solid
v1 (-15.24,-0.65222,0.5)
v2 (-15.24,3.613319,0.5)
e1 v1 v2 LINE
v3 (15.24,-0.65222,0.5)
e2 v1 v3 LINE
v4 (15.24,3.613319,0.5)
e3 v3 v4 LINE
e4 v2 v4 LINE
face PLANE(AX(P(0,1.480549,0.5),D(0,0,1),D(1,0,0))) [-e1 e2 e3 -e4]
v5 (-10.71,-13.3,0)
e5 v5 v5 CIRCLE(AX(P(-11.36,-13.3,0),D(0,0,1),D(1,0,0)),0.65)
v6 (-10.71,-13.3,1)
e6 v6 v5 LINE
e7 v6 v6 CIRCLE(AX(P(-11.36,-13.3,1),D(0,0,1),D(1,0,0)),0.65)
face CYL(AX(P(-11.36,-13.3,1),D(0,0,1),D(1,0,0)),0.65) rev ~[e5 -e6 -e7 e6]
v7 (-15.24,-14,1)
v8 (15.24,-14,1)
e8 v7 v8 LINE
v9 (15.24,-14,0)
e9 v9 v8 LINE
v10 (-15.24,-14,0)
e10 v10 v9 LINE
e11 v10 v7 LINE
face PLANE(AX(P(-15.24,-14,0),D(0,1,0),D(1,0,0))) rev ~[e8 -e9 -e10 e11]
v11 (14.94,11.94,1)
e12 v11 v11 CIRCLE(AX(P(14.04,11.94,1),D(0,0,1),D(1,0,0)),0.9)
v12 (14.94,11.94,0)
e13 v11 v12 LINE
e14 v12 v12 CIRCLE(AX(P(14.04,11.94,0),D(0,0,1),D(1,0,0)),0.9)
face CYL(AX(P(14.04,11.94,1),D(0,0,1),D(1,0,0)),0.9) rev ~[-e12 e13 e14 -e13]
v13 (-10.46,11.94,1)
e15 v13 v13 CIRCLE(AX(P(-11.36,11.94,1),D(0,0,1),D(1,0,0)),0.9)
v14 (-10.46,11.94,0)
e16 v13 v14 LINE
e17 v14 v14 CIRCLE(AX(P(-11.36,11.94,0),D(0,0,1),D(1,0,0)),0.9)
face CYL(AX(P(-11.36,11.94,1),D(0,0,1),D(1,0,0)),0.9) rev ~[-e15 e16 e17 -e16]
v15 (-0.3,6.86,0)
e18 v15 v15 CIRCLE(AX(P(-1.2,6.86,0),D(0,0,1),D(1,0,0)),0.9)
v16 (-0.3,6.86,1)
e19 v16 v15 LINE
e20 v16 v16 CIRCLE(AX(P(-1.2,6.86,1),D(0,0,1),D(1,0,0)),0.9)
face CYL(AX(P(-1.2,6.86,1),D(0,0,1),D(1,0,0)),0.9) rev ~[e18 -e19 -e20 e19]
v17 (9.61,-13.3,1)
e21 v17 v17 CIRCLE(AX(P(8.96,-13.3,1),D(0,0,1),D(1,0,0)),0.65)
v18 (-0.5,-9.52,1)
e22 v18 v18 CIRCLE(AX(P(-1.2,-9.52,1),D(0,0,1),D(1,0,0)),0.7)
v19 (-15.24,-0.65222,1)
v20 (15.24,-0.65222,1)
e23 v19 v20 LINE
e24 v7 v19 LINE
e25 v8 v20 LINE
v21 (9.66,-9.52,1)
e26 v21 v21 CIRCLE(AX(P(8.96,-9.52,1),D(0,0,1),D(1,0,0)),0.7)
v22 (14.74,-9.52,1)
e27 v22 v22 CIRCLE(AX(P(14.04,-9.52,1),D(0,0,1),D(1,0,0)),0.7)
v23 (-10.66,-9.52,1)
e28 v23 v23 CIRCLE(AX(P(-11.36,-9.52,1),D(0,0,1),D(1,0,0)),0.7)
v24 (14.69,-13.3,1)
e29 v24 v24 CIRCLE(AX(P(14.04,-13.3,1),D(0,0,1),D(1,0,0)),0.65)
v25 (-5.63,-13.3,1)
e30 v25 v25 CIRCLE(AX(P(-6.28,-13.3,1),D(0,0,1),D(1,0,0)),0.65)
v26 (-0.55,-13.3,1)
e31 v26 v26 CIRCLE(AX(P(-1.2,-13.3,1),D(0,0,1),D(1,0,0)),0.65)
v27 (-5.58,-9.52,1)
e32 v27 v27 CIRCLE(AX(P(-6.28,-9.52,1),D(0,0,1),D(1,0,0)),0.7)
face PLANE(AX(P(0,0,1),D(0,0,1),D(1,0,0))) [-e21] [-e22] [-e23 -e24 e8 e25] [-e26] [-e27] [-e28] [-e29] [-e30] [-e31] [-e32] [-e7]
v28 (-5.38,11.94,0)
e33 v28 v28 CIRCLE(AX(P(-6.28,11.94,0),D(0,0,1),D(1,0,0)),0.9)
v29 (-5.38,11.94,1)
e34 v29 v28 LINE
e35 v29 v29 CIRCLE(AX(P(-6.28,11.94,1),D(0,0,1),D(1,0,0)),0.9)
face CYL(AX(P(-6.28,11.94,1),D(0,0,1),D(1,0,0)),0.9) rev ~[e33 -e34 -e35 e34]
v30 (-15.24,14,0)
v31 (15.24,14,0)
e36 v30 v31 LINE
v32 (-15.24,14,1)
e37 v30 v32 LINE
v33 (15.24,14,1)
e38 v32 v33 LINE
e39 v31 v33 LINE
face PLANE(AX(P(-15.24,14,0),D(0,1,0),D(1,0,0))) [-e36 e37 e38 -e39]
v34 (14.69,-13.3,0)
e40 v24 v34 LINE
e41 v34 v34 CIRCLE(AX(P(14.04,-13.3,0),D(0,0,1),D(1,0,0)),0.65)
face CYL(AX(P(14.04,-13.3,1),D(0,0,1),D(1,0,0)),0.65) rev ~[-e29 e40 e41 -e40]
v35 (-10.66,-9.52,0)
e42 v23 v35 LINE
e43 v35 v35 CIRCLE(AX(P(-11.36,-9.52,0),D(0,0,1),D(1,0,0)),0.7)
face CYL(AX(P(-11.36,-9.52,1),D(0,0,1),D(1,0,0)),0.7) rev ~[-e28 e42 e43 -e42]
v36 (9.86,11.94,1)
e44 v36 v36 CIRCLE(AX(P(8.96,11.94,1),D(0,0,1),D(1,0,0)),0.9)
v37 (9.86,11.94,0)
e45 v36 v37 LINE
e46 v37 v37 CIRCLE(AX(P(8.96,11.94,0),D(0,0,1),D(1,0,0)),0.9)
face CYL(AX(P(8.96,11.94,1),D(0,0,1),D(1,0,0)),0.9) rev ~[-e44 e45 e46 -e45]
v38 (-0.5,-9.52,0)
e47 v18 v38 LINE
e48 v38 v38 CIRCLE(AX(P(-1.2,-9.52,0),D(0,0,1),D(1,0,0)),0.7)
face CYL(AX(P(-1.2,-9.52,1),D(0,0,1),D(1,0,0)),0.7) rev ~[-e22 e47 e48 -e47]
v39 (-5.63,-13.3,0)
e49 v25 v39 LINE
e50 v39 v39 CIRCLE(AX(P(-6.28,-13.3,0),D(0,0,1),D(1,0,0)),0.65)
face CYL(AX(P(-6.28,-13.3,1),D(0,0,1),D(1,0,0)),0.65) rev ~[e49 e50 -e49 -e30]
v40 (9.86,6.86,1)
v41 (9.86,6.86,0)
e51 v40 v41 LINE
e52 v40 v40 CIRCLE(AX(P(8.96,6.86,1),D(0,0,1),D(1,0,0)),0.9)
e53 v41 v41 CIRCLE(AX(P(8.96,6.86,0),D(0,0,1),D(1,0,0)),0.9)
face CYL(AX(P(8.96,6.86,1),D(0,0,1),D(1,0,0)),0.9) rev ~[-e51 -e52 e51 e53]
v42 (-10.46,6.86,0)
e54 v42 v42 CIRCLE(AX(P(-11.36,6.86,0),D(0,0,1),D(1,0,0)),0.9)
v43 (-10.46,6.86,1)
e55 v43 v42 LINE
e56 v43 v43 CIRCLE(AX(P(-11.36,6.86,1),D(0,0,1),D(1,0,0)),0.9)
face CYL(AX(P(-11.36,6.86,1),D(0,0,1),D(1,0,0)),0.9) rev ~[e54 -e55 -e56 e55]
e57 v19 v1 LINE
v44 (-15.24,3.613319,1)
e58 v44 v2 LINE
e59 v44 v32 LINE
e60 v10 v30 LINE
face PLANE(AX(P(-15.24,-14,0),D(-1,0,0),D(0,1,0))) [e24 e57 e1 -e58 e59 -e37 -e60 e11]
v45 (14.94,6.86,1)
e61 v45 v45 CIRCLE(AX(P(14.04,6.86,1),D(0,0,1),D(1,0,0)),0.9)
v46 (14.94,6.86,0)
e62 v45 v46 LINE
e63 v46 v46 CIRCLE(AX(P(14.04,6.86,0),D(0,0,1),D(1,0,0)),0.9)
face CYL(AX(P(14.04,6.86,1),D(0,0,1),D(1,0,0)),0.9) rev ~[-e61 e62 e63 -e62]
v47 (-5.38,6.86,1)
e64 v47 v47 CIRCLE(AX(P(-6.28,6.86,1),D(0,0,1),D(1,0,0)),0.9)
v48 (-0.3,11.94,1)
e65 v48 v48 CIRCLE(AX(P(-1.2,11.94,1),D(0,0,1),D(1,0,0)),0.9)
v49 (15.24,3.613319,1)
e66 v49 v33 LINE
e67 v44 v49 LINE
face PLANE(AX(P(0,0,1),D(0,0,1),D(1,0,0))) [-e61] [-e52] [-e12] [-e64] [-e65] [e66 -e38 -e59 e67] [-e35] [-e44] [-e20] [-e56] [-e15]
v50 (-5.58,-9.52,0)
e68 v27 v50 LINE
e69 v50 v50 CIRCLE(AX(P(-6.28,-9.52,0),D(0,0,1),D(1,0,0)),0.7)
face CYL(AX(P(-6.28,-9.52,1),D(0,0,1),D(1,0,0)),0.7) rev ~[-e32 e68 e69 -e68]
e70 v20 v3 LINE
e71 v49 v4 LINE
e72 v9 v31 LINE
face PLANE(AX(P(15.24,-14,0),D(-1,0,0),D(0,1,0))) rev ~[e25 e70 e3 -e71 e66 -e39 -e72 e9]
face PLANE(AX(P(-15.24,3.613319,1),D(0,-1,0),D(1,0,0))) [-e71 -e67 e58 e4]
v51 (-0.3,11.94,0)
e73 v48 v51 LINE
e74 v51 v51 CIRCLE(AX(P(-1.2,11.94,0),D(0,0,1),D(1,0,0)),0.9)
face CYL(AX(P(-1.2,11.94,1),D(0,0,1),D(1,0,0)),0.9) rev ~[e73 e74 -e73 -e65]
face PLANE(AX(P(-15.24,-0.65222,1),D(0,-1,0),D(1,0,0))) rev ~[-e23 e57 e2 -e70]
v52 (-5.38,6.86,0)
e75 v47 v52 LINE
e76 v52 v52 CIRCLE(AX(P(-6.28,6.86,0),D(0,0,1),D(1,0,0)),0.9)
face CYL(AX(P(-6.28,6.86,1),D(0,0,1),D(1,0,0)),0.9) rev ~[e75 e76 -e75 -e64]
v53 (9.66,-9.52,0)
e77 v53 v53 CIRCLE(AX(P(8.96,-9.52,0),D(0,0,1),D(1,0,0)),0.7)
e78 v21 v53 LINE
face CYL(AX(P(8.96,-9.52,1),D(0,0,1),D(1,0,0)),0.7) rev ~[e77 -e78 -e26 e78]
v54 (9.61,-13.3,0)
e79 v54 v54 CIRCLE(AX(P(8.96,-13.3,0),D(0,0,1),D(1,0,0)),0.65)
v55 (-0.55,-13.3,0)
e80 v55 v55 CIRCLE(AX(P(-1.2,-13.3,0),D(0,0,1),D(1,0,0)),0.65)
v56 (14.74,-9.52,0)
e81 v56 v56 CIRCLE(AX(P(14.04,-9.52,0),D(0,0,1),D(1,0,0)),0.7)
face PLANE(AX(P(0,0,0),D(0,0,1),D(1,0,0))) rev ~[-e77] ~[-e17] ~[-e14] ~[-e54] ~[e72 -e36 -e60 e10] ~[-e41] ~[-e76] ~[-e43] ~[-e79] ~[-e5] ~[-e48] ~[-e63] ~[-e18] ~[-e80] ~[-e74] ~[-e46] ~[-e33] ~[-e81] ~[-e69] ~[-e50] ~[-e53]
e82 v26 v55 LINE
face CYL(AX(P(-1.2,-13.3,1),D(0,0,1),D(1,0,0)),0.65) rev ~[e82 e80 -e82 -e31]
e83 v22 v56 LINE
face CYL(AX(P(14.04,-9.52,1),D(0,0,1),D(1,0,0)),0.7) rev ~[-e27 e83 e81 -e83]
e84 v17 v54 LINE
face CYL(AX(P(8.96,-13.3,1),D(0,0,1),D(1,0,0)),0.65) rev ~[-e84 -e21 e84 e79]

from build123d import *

# Parameters (mm, degrees)
F0_W     = 30.48
F0_H     = 28
F1_DEPTH = 1
F3_W     = 30.48
F3_H     = 4.265539
F4_DEPTH = 0.5
F2_R     = 0.9
F2_R_2   = 0.7
F2_R_3   = 0.65
F5_DEPTH = 2


with BuildPart() as f1:
    # F0 (on Top) → F1 (new body)
    with BuildSketch(Plane.XY):
        Rectangle(F0_W, F0_H)
    extrude(amount=F1_DEPTH)

    # F3 (on face) → F4 (cut)
    with BuildSketch(Plane.XY.offset(1)):
        with Locations((0, 1.480549)):
            Rectangle(F3_W, F3_H)
    extrude(amount=-F4_DEPTH, mode=Mode.SUBTRACT)

    # F2 (on face) → F5 (cut)
    with BuildSketch(Plane.XY.offset(1)):
        with Locations((-11.36, 11.94)):
            Circle(F2_R)
        with Locations((-6.28, 11.94)):
            Circle(F2_R)
        with Locations((-1.2, 11.94)):
            Circle(F2_R)
        with Locations((8.96, 11.94)):
            Circle(F2_R)
        with Locations((14.04, 11.94)):
            Circle(F2_R)
        with Locations((-11.36, 6.86)):
            Circle(F2_R)
        with Locations((-6.28, 6.86)):
            Circle(F2_R)
        with Locations((-1.2, 6.86)):
            Circle(F2_R)
        with Locations((8.96, 6.86)):
            Circle(F2_R)
        with Locations((14.04, 6.86)):
            Circle(F2_R)
        with Locations((-11.36, -9.52)):
            Circle(F2_R_2)
        with Locations((-6.28, -9.52)):
            Circle(F2_R_2)
        with Locations((-1.2, -9.52)):
            Circle(F2_R_2)
        with Locations((8.96, -9.52)):
            Circle(F2_R_2)
        with Locations((14.04, -9.52)):
            Circle(F2_R_2)
        with Locations((-11.36, -13.3)):
            Circle(F2_R_3)
        with Locations((-6.28, -13.3)):
            Circle(F2_R_3)
        with Locations((-1.2, -13.3)):
            Circle(F2_R_3)
        with Locations((8.96, -13.3)):
            Circle(F2_R_3)
        with Locations((14.04, -13.3)):
            Circle(F2_R_3)
    extrude(amount=-F5_DEPTH, mode=Mode.SUBTRACT)


solid = f1.part
